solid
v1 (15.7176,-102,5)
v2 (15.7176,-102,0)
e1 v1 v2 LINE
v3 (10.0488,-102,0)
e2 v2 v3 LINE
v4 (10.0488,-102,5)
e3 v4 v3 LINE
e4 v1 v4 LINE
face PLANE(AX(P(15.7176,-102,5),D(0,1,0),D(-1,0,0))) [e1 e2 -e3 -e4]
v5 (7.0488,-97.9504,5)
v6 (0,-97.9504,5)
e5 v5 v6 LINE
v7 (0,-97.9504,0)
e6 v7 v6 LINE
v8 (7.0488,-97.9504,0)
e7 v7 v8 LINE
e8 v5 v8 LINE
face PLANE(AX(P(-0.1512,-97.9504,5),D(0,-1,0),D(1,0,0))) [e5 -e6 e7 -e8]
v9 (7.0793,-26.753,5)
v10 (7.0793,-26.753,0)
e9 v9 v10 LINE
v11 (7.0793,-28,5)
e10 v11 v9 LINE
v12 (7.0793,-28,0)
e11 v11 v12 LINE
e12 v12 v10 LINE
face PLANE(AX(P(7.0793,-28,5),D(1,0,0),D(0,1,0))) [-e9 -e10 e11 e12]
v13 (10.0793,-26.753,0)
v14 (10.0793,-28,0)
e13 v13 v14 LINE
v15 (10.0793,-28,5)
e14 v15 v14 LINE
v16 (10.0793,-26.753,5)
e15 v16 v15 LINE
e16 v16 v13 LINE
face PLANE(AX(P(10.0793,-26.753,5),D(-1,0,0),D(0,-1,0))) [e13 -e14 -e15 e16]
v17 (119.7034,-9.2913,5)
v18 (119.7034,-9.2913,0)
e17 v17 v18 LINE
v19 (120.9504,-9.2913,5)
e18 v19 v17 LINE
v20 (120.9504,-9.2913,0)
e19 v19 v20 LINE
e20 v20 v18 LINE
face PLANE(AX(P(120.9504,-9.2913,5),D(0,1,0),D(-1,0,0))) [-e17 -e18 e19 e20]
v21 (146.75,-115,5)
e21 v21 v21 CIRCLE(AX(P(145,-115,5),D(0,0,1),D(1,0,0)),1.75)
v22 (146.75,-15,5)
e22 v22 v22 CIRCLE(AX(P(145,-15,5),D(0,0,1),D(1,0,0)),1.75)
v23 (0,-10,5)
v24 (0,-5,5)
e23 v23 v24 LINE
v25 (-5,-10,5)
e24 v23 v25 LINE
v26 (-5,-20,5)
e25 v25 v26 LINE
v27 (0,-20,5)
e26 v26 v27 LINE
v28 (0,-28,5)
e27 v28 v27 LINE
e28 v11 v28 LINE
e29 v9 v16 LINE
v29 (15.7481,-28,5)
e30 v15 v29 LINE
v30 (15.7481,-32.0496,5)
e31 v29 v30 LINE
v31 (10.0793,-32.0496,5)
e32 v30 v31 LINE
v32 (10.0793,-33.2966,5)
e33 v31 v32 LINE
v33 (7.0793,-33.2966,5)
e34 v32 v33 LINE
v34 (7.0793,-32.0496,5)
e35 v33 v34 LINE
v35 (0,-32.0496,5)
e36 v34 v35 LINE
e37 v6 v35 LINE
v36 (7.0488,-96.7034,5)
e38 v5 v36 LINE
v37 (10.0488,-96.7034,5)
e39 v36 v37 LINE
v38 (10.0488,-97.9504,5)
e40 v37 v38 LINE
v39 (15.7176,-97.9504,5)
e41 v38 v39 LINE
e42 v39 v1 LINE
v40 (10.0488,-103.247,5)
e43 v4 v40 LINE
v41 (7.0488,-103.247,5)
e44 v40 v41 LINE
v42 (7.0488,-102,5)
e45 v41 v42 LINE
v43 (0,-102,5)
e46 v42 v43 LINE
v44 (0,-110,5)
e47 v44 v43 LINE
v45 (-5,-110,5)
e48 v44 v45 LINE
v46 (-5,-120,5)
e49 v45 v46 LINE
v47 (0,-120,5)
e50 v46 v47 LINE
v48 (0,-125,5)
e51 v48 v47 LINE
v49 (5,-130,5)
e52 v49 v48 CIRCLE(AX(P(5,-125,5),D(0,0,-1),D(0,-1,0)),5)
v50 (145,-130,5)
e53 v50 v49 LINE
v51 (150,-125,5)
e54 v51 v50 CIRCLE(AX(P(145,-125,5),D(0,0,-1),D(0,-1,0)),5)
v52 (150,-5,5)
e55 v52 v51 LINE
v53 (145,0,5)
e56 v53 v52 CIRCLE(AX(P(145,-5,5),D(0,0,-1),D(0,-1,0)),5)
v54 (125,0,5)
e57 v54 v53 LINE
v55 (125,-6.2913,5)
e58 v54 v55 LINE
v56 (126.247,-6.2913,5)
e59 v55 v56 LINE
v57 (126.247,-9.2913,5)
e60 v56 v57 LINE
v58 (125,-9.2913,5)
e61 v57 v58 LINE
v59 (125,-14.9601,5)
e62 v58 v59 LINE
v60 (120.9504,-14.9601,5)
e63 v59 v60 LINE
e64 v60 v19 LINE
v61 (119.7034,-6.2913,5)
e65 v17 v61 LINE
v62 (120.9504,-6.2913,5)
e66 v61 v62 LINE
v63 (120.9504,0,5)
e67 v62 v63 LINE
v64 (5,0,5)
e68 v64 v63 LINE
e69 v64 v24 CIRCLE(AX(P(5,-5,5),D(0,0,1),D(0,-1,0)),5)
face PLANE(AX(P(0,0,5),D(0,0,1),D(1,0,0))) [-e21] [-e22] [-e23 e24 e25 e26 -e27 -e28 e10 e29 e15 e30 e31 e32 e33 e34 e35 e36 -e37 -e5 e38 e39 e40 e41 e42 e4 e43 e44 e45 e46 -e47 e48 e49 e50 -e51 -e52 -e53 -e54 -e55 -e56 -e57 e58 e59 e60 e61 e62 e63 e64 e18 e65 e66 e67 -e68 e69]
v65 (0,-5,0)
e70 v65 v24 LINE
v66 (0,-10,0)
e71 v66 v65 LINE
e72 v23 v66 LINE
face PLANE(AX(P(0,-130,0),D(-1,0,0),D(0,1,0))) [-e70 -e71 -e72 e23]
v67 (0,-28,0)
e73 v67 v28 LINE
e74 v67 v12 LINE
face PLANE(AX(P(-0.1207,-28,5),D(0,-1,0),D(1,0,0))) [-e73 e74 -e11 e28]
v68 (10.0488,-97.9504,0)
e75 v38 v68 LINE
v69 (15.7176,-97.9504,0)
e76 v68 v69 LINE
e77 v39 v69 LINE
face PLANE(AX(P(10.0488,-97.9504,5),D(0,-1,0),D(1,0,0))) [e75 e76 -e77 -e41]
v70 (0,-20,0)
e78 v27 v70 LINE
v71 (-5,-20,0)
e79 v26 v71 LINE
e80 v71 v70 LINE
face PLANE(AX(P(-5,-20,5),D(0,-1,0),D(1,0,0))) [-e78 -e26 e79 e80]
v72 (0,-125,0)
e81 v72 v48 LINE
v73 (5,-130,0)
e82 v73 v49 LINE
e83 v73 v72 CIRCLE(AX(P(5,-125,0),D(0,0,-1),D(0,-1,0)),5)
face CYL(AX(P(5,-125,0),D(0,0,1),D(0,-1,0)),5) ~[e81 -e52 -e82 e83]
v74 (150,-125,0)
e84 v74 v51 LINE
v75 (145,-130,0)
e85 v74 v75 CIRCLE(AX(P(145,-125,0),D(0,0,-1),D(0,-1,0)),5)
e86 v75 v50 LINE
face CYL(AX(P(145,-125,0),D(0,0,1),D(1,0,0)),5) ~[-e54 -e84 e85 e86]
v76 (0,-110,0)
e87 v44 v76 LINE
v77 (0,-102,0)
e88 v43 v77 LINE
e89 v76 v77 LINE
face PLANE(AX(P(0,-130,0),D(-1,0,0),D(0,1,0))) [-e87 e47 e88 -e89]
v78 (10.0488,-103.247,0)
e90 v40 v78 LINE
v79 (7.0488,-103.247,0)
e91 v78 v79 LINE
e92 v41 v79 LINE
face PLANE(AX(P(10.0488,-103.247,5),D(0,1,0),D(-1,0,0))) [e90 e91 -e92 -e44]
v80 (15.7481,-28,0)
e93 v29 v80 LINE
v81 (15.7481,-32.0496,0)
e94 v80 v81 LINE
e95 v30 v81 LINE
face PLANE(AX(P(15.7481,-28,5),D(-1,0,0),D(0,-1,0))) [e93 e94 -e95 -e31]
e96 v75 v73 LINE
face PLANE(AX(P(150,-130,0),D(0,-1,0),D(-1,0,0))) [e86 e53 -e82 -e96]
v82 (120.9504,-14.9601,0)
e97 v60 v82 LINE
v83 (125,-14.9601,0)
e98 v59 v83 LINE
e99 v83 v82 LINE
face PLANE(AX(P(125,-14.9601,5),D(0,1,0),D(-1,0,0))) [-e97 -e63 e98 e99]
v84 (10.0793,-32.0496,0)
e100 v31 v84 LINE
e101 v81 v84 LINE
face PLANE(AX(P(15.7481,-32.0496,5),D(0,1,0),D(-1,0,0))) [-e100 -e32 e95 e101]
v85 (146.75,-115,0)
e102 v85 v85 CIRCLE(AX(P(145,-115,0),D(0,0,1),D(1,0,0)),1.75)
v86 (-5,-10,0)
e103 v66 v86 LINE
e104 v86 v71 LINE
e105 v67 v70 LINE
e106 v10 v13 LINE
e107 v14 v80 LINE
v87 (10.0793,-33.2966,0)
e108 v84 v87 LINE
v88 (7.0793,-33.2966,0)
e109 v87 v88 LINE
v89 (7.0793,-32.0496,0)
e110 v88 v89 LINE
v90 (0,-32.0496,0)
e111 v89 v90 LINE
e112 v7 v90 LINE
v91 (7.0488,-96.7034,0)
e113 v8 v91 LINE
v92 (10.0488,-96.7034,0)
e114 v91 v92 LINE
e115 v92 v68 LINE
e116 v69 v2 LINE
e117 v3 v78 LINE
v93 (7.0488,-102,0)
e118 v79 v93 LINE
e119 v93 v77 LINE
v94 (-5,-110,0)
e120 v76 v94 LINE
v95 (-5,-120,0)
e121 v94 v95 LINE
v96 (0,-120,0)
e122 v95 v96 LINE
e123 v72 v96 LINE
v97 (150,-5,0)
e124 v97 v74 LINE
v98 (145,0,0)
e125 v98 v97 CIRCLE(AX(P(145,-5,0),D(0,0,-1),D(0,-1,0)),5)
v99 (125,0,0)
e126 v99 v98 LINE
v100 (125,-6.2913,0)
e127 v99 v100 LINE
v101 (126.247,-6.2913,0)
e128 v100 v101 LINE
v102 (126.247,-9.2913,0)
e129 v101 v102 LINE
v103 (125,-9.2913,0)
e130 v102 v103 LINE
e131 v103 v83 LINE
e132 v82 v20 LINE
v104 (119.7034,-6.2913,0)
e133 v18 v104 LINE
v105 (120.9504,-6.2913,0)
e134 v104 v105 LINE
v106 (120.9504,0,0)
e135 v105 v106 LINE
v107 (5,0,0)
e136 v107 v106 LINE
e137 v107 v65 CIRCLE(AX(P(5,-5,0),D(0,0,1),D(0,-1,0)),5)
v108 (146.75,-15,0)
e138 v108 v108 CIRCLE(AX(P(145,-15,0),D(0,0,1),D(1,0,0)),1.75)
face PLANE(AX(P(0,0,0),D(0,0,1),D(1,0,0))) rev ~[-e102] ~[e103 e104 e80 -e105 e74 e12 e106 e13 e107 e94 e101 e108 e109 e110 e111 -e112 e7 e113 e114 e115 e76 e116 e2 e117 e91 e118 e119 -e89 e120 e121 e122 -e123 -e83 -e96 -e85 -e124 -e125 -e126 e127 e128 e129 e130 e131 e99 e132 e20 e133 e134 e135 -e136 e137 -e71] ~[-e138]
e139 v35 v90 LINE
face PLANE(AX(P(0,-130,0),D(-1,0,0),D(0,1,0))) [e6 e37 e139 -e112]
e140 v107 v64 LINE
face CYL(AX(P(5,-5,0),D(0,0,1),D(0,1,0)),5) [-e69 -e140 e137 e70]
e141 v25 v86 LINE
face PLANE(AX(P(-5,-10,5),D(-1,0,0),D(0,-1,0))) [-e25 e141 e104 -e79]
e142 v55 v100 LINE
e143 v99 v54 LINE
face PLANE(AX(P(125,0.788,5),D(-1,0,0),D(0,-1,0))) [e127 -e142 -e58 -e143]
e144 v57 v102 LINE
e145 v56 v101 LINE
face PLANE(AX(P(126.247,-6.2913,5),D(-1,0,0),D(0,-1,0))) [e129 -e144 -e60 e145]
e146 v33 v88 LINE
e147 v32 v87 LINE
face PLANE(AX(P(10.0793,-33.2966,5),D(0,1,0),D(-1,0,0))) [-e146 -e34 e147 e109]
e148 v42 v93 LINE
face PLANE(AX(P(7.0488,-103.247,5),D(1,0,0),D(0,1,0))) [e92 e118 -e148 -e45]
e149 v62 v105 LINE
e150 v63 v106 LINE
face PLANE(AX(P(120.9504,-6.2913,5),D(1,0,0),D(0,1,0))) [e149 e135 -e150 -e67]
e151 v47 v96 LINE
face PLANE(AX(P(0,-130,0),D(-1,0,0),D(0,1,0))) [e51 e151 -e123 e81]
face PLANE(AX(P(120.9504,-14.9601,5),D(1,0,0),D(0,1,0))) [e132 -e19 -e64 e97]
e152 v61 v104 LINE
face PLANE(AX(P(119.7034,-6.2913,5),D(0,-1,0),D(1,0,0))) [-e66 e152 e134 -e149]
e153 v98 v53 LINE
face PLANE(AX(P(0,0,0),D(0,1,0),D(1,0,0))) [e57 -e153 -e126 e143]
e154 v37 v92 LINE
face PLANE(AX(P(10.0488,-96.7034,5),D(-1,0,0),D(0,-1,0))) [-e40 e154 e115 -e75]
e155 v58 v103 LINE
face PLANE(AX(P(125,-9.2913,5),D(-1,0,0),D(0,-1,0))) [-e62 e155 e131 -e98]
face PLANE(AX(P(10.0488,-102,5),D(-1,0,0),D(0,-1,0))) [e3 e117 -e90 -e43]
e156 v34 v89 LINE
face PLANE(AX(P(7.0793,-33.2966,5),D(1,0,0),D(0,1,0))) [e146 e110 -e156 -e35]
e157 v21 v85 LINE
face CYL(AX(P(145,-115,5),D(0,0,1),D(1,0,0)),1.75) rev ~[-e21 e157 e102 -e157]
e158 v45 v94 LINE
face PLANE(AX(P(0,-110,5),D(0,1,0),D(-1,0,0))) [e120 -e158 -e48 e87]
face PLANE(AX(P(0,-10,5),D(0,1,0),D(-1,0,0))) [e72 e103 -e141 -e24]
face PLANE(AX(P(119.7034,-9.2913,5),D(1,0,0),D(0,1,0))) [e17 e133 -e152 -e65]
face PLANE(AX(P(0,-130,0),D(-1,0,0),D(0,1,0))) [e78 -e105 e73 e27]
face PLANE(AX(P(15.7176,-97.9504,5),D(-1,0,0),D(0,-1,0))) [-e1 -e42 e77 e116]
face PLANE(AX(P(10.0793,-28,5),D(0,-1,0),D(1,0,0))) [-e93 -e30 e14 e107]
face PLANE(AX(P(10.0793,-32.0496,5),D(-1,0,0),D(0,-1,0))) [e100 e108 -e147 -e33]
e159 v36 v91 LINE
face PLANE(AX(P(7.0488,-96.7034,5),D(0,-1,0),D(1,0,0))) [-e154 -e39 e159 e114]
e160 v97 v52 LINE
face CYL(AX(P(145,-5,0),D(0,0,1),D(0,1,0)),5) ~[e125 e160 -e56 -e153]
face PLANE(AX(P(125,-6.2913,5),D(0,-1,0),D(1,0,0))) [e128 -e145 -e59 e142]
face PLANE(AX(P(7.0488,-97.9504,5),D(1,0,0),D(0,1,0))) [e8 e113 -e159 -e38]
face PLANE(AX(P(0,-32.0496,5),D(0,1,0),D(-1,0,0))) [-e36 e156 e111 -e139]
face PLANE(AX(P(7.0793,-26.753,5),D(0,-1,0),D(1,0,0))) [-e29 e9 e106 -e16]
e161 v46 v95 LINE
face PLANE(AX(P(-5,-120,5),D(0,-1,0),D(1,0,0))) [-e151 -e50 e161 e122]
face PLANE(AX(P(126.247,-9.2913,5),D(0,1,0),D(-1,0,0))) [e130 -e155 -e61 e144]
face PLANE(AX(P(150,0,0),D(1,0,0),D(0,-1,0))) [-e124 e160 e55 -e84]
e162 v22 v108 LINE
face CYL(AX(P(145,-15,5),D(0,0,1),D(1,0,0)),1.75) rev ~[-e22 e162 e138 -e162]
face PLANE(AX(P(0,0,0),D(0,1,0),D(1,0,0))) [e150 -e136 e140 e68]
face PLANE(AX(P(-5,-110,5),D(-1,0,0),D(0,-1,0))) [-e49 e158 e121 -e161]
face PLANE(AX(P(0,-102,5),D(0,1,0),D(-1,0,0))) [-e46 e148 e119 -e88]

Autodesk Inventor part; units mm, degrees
ref_plane "YZ Plane" through (0, 0, 0) normal (1, 0, 0) x (0, 1, 0)
ref_plane "XZ Plane" through (0, 0, 0) normal (0, 1, 0) x (-1, 0, 0)
ref_plane "XY Plane" through (0, 0, 0) normal (0, 0, 1) x (1, 0, 0)
sketch "Boceto1" plane through (0, 0, 0) normal (0, 0, 1) x (1, 0, 0)
  line L0 (0, 0) -> (150, 0)
  line L1 (150, 0) -> (150, -130)
  line L2 (150, -130) -> (0, -130)
  line L3 (0, -130) -> (0, 0)
  dimension "d2" = 130
  dimension "d3" = 150
extrude "Extrusión1" add sketch "Boceto1" along normal blind 5
fillet "Empalme1" radius 5 4 edges at (150, -130, 2.5) (150, 0, 2.5) (0, 0, 2.5) (0, -130, 2.5)
sketch "Boceto2" plane through (0, 0, 5) normal (0, 0, 1) x (1, 0, 0)
  line L0 (0, -125) -> (0, -5) projected
  line L1 (0, -10) -> (-5, -10)
  line L2 (-5, -10) -> (-5, -20)
  line L3 (-5, -20) -> (0, -20)
  line L4 (0, -20) -> (0, -10)
  line L5 (0, -110) -> (-5, -110)
  line L6 (-5, -110) -> (-5, -120)
  line L7 (-5, -120) -> (0, -120)
  line L8 (0, -120) -> (0, -110)
  line L9 (5, 0) -> (145, 0) projected
  point P0 (0, 0)
  dimension "d5" = 10
  dimension "d6" = 10
  dimension "d7" = 5
  dimension "d8" = 5
  dimension "d11" = 10
  dimension "d12" = 110
extrude "Extrusión2" add sketch "Boceto2" against normal blind 5
sketch "Boceto3" plane through (0, 0, 5) normal (0, 0, 1) x (1, 0, 0)
  line L0 (-5, -20) -> (0, -20) projected
  line L1 (0, -110) -> (0, -20) projected
  line L2 (-0.1512, -97.9504) -> (7.0488, -97.9504)
  line L3 (7.0488, -97.9504) -> (7.0488, -96.7034)
  line L4 (7.0488, -96.7034) -> (10.0488, -96.7034)
  line L5 (10.0488, -96.7034) -> (10.0488, -97.9504)
  line L6 (10.0488, -97.9504) -> (15.7176, -97.9504)
  line L7 (15.7176, -97.9504) -> (15.7176, -102)
  line L8 (15.7176, -102) -> (10.0488, -102)
  line L9 (10.0488, -102) -> (10.0488, -103.247)
  line L10 (10.0488, -103.247) -> (7.0488, -103.247)
  line L11 (7.0488, -103.247) -> (7.0488, -102)
  line L12 (7.0488, -102) -> (-0.1512, -102)
  line L13 (10.0793, -33.2966) -> (7.0793, -33.2966)
  line L14 (7.0793, -33.2966) -> (7.0793, -32.0496)
  line L15 (10.0793, -32.0496) -> (10.0793, -33.2966)
  line L16 (7.0793, -32.0496) -> (-0.1207, -32.0496)
  line L17 (15.7481, -32.0496) -> (10.0793, -32.0496)
  line L18 (-0.1207, -28) -> (7.0793, -28)
  line L19 (15.7481, -28) -> (15.7481, -32.0496)
  line L20 (7.0793, -28) -> (7.0793, -26.753)
  line L21 (7.0793, -26.753) -> (10.0793, -26.753)
  line L22 (10.0793, -26.753) -> (10.0793, -28)
  line L23 (10.0793, -28) -> (15.7481, -28)
  line L24 (-0.1207, -28) -> (-0.1207, -32.0496)
  line L25 (-0.1512, -97.9504) -> (-0.1512, -102)
  point P0 (0, 0)
  dimension "d15" = 8
  dimension "d16" = 8
extrude "Extrusión3" cut sketch "Boceto3" against normal blind 10
sketch "Boceto4" plane through (0, 0, 5) normal (0, 0, 1) x (1, 0, 0)
  line L0 (125, 0.788) -> (125, -6.2913)
  line L1 (125, -6.2913) -> (126.247, -6.2913)
  line L2 (126.247, -6.2913) -> (126.247, -9.2913)
  line L3 (126.247, -9.2913) -> (125, -9.2913)
  line L4 (125, -9.2913) -> (125, -14.9601)
  line L5 (125, -14.9601) -> (120.9504, -14.9601)
  line L6 (120.9504, -14.9601) -> (120.9504, -9.2913)
  line L7 (120.9504, -9.2913) -> (119.7034, -9.2913)
  line L8 (119.7034, -9.2913) -> (119.7034, -6.2913)
  line L9 (119.7034, -6.2913) -> (120.9504, -6.2913)
  line L10 (120.9504, -6.2913) -> (120.9504, 0.788)
  line L11 (120.9504, 0.788) -> (125, 0.788)
  point P0 (0, 0)
  point P1 (150, -5)
  dimension "d22" = 25
extrude "Extrusión4" cut sketch "Boceto4" against normal blind 10
sketch "Boceto5" plane through (0, 0, 5) normal (0, 0, 1) x (1, 0, 0)
  circle A0 centre (145, -115) radius 1.75
  circle A1 centre (145, -15) radius 1.75
  point P0 (0, 0)
  dimension "d24" = 3.5
  dimension "d25" = 3.5
extrude "Extrusión5" cut sketch "Boceto5" against normal blind 10
properties part number "pieza protectora ramps"
